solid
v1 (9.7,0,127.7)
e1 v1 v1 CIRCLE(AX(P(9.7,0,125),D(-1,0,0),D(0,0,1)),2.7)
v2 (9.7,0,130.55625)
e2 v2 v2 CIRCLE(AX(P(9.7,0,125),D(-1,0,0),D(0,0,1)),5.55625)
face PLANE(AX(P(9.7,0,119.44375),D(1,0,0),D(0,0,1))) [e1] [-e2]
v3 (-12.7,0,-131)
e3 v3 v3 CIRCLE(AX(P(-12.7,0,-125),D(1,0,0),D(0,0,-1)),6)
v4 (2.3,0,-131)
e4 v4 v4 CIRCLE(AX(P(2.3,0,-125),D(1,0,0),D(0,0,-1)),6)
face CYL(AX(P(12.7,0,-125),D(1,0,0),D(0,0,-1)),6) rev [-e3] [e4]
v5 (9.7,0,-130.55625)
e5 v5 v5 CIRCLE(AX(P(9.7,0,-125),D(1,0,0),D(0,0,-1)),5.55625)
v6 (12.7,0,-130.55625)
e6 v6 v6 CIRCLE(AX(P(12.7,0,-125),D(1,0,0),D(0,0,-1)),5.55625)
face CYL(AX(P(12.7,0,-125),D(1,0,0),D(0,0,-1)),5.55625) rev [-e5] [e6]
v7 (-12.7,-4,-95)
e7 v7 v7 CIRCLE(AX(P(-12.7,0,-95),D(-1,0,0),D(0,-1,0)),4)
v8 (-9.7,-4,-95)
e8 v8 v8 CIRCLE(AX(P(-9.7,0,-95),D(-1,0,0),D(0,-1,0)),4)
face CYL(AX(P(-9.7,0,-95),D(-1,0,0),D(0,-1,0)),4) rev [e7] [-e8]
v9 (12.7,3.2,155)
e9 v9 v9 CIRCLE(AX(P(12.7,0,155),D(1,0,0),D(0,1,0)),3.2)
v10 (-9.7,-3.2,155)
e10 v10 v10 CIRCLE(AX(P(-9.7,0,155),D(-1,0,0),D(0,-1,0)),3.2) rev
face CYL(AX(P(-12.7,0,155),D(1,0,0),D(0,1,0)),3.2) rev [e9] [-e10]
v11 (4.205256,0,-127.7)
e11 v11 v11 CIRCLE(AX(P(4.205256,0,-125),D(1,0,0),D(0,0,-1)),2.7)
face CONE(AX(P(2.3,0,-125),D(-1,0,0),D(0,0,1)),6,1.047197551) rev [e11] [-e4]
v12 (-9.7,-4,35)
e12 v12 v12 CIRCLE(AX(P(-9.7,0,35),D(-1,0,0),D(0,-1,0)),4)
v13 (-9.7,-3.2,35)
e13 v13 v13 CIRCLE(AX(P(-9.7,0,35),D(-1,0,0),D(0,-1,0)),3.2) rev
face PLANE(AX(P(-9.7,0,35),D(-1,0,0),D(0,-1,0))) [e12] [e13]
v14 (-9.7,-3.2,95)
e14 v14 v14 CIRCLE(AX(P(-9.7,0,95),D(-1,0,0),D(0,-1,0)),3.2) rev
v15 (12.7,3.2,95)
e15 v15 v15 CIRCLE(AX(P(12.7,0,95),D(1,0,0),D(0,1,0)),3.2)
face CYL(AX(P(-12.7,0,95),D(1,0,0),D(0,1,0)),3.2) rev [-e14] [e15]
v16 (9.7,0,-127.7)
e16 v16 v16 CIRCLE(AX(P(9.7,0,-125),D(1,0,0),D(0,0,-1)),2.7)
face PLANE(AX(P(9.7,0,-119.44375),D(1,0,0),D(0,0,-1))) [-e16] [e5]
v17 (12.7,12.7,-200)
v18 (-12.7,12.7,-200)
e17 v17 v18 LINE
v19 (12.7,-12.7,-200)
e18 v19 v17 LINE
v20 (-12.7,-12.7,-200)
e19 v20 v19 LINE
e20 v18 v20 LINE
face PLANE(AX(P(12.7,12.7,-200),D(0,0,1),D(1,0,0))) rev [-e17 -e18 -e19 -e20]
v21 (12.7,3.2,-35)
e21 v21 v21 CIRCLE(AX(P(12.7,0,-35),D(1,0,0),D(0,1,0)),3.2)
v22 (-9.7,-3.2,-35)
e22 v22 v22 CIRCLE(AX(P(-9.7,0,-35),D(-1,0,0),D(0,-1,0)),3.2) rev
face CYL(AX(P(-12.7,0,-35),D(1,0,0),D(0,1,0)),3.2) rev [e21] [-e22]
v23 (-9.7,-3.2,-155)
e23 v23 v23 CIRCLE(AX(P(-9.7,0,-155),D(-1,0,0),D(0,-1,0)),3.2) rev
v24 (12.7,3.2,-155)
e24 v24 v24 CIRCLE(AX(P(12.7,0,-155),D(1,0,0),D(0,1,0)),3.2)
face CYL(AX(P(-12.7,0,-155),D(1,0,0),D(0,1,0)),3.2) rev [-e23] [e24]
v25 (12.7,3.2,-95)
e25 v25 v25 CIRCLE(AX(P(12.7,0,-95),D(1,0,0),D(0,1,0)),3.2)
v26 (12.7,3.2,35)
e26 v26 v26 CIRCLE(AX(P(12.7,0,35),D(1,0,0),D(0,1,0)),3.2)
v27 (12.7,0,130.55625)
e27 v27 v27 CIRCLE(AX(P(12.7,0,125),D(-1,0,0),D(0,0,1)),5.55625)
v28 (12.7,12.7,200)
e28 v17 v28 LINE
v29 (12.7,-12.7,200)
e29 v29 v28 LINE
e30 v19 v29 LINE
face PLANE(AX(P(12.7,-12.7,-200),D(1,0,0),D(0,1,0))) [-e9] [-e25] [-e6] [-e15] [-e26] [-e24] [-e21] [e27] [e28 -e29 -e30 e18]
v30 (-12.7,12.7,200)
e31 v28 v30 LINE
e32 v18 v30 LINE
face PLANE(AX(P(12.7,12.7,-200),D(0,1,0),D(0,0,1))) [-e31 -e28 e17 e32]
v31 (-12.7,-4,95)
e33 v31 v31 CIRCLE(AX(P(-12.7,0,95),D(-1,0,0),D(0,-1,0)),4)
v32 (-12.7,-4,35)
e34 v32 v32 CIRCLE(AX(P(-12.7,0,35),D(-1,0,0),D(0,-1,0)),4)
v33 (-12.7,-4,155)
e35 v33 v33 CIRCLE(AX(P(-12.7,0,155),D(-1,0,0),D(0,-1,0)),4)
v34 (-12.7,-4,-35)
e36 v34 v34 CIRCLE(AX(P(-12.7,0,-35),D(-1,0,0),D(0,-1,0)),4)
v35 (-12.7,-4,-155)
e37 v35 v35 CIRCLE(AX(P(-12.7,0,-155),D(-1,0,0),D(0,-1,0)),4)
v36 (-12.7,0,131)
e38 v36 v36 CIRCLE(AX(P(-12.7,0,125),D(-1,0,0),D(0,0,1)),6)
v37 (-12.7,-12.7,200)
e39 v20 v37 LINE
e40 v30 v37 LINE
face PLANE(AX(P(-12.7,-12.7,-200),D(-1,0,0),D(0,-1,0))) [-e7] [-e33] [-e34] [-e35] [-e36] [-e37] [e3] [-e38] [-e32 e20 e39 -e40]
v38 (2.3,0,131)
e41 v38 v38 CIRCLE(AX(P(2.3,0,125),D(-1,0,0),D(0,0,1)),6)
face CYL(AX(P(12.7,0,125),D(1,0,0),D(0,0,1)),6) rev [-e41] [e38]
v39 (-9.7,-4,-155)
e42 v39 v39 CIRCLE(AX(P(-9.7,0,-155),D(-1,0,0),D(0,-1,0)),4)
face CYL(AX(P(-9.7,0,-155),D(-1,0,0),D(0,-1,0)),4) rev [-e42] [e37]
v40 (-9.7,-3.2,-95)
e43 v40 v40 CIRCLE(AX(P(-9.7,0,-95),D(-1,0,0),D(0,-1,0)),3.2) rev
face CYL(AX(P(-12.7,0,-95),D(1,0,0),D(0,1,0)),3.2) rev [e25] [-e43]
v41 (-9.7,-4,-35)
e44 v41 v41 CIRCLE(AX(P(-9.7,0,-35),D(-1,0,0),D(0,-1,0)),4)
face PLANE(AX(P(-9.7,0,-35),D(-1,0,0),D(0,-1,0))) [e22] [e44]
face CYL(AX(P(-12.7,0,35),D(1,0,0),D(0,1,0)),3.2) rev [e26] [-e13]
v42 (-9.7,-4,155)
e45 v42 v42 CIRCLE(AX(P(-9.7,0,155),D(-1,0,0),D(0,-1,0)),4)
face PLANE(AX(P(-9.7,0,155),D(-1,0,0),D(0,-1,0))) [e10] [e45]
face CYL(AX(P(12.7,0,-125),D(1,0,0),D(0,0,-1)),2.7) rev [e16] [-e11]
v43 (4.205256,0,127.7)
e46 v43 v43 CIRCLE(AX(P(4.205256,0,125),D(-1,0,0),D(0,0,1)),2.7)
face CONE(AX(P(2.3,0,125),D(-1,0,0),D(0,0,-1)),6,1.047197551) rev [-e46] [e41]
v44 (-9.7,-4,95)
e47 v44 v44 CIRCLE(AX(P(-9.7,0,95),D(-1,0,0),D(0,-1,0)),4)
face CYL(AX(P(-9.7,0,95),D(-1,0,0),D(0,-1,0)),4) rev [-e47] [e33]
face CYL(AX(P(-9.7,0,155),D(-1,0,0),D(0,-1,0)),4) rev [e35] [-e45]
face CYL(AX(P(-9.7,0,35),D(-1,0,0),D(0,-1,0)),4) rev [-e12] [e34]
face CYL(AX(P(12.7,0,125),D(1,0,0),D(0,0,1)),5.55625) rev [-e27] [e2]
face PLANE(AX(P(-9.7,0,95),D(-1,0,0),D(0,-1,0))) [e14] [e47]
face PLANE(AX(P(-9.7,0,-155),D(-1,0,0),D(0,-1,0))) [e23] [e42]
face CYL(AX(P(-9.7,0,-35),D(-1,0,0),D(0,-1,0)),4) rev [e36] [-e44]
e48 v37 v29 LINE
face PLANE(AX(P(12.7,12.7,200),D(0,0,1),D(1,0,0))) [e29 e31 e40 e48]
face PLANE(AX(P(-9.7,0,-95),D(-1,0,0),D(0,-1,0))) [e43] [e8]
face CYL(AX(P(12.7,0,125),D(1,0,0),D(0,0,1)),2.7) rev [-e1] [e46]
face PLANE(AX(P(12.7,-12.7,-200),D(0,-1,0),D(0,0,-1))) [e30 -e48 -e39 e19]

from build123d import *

# Parameters (mm, degrees)
BOSS_EXTRUDE1_DEPTH      = 200
BOSS_EXTRUDE1_DEPTH_BACK = 200
SKETCH1_W                = 25.4
SKETCH1_H                = 25.4
SKETCH5_R                = 3.2
CUT_EXTRUDE1_DEPTH       = 203.006064265
SKETCH6_R                = 4
CUT_EXTRUDE2_DEPTH       = 3


with BuildPart() as part:
    # Sketch1 → Boss-Extrude1 (new, two sides: drawn at the far end of the back side and taken through both)
    with BuildSketch(Plane.XY.offset(-BOSS_EXTRUDE1_DEPTH_BACK)):
        Rectangle(SKETCH1_W, SKETCH1_H)
    extrude(amount=BOSS_EXTRUDE1_DEPTH + BOSS_EXTRUDE1_DEPTH_BACK)

    # Sketch5 → Cut-Extrude1 (cut, through all)
    with BuildSketch(Plane(origin=(12.7, 0, 0), x_dir=(0, 0, -1), z_dir=(1, 0, 0))):
        with Locations((-155, 0)):
            Circle(SKETCH5_R)
        with Locations((-95, 0)):
            Circle(SKETCH5_R)
        with Locations((-35, 0)):
            Circle(SKETCH5_R)
        with Locations((35, 0)):
            Circle(SKETCH5_R)
        with Locations((95, 0)):
            Circle(SKETCH5_R)
        with Locations((155, 0)):
            Circle(SKETCH5_R)
    extrude(amount=-CUT_EXTRUDE1_DEPTH, mode=Mode.SUBTRACT)

    # Sketch6 → Cut-Extrude2 (cut)
    with BuildSketch(Plane.ZY.offset(12.7)):
        with Locations((-155, 0)):
            Circle(SKETCH6_R)
        with Locations((-95, 0)):
            Circle(SKETCH6_R)
        with Locations((-35, 0)):
            Circle(SKETCH6_R)
        with Locations((35, 0)):
            Circle(SKETCH6_R)
        with Locations((95, 0)):
            Circle(SKETCH6_R)
        with Locations((155, 0)):
            Circle(SKETCH6_R)
    extrude(amount=-CUT_EXTRUDE2_DEPTH, mode=Mode.SUBTRACT)

    # Sketch7 → Cut-Revolve1 (revolve, cut)
    with BuildSketch(Plane(origin=(0, 0, 0), x_dir=(1, 0, 0), z_dir=(0, 1, 0))):
        Polygon((-12.7, 125), (-12.7, 119), (2.3, 119), (4.205255888, 122.3), (9.7, 122.3), (9.7, 119.44375), (12.7, 119.44375), (12.7, 125), align=None)
    cut_revolve1 = revolve(axis=Axis((12.7, 0, -125), (-1, 0, 0)), mode=Mode.SUBTRACT)

    # Mirror1: Cut-Revolve1 across plane
    add(cut_revolve1.mirror(Plane.XY), mode=Mode.SUBTRACT)


solid = part.part
